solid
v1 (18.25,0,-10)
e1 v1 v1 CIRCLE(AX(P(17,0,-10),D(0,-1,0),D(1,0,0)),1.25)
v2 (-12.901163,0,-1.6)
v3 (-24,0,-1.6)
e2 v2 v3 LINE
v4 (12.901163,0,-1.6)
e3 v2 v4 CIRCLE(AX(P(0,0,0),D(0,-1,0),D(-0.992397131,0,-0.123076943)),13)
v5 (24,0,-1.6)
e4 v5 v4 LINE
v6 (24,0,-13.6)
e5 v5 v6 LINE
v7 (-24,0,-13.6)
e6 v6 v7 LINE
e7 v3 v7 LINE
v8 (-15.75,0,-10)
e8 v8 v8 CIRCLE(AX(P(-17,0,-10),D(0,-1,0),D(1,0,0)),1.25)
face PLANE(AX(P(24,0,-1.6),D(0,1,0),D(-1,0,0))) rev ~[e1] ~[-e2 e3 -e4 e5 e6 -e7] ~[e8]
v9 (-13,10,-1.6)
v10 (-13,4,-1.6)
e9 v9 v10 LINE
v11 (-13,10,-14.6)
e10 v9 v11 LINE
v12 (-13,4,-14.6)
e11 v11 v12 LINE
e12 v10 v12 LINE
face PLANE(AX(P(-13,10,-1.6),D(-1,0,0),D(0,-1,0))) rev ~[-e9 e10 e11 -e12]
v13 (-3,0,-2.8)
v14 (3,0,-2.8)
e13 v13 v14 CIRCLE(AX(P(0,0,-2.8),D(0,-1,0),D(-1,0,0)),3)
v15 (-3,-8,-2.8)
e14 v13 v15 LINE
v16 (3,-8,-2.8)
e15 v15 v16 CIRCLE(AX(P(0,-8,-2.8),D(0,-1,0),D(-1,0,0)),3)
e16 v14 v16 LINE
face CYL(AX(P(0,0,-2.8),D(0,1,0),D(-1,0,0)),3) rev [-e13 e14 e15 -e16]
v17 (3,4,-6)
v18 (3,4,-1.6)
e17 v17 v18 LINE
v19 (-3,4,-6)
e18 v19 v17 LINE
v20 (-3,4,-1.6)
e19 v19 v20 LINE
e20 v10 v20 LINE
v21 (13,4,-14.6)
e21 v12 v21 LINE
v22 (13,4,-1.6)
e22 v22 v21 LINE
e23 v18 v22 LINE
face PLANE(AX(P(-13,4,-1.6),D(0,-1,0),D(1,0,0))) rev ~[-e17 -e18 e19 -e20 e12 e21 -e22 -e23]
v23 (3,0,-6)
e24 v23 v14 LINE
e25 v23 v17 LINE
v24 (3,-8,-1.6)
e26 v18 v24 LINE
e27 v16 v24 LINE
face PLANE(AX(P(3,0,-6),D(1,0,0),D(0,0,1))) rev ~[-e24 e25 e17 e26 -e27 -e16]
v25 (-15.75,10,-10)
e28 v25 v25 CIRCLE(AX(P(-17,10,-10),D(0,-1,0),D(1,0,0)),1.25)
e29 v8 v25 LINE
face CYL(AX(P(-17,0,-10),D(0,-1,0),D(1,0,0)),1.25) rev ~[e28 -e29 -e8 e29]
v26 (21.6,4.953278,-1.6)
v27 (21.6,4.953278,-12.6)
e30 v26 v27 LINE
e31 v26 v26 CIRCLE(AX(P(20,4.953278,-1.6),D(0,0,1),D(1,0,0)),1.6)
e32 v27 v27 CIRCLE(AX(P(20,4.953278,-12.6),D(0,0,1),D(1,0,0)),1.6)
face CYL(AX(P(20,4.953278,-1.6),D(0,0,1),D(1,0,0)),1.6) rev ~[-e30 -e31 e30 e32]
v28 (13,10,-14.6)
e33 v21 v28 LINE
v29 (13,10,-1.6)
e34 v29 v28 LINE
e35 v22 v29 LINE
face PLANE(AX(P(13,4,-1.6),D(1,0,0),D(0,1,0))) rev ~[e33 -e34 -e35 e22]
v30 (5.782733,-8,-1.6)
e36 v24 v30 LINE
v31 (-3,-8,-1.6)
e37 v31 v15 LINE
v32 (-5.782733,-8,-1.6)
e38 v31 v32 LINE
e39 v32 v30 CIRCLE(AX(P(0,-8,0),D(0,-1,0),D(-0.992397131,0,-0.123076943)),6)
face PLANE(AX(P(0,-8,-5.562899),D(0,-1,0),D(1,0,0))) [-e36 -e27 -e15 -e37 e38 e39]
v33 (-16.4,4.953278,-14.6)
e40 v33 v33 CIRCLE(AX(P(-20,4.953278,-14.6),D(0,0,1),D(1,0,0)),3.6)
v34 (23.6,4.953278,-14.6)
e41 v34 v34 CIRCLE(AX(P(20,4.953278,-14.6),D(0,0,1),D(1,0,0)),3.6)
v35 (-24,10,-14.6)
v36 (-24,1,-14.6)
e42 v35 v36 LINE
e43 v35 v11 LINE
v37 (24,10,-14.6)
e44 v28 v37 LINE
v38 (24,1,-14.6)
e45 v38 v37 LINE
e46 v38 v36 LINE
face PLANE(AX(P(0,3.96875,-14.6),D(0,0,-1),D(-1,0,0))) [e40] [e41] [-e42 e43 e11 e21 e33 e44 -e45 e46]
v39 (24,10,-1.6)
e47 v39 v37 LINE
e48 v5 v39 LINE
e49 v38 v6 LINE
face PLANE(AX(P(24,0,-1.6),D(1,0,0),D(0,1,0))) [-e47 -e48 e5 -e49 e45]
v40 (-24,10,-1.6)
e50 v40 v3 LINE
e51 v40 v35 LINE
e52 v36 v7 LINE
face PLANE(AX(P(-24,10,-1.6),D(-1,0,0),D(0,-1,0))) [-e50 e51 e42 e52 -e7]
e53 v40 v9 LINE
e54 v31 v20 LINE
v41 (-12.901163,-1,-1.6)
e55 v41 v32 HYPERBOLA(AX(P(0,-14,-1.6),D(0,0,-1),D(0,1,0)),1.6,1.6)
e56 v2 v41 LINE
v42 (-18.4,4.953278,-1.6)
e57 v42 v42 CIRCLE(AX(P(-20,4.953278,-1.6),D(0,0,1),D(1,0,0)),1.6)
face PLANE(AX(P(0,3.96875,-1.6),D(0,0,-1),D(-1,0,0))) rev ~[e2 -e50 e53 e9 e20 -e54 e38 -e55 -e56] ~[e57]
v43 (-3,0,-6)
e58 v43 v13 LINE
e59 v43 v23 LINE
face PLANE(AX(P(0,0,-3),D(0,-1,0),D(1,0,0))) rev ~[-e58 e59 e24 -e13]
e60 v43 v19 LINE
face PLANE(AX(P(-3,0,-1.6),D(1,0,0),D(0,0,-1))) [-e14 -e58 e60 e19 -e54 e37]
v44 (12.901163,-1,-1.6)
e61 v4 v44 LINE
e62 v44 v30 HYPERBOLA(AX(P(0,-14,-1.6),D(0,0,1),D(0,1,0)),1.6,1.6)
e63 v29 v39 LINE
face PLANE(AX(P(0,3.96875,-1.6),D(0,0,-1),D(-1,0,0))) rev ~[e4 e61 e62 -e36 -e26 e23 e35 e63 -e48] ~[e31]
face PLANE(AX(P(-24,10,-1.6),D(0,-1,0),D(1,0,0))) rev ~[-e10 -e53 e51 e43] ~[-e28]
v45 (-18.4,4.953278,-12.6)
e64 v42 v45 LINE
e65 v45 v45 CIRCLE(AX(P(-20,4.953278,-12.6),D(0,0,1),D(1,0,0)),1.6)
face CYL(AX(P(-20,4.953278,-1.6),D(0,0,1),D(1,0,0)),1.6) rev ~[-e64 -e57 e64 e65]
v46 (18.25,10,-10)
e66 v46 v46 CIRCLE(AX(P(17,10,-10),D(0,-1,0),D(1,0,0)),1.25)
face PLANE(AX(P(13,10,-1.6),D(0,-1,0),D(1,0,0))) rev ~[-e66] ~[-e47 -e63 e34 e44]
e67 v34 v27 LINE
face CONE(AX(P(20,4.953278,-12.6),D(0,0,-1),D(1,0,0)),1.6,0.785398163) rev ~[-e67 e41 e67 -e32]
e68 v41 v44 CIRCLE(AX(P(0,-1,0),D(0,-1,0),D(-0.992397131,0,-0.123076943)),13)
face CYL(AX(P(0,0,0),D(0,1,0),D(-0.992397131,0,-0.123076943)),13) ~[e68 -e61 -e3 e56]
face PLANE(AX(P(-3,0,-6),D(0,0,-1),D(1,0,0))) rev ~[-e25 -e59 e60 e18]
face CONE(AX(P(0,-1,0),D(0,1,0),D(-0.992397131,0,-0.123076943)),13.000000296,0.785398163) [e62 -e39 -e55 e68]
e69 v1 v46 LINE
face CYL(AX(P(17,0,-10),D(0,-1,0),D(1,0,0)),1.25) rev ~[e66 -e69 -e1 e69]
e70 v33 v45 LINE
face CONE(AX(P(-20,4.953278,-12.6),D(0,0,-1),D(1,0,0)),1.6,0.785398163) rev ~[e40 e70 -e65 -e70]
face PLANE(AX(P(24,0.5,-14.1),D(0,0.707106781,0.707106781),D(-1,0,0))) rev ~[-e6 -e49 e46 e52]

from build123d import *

# Parameters (mm, degrees)
PAD008_DEPTH    = 8
CHAMFER001_SIZE = 7
SKETCH026_R     = 1.6
PAD009_DEPTH    = 13
SKETCH030_W     = 6
SKETCH030_H     = 6
POCKET014_DEPTH = 10
SKETCH031_R     = 1.25
POCKET015_DEPTH = 10.001
CHAMFER003_SIZE = 2
CHAMFER004_SIZE = 1


with BuildPart() as part:
    # Sketch025 → Pad008 (new body)
    with BuildSketch(Plane.XZ):
        with BuildLine():
            ThreePointArc((-12.901163, -1.6), (0, -13), (12.901163, -1.6))
            Line((3, -1.6), (12.901163, -1.6))
            Line((3, -2.8), (3, -1.6))
            ThreePointArc((-3, -2.8), (0, -5.8), (3, -2.8))
            Line((-3, -1.6), (-3, -2.8))
            Line((-3, -1.6), (-12.901163, -1.6))
        make_face()
    extrude(amount=PAD008_DEPTH)

    # Chamfer001
    chamfer001_edges = [part.edges().sort_by_distance(p)[0] for p in [
        (0, -8, -13),
    ]]
    chamfer(chamfer001_edges, length=CHAMFER001_SIZE)

    # Sketch026 → Pad009 (join)
    with BuildSketch(Plane.XY.offset(-1.6)):
        Polygon((24, 0), (-24, 0), (-24, 8.5), (-24, 10), (-13, 10), (-13, 4), (13, 4), (13, 10), (24, 10), (24, 8.5), align=None)
        with Locations((-20, 4.953278)):
            Circle(SKETCH026_R, mode=Mode.SUBTRACT)
        with Locations((20, 4.953278)):
            Circle(SKETCH026_R, mode=Mode.SUBTRACT)
    extrude(amount=-PAD009_DEPTH)

    # Sketch030 → Pocket014 (cut)
    with BuildSketch(Plane.XZ):
        with Locations((0, -3)):
            Rectangle(SKETCH030_W, SKETCH030_H)
    extrude(amount=-POCKET014_DEPTH, mode=Mode.SUBTRACT)

    # Sketch031 → Pocket015 (cut, through all)
    with BuildSketch(Plane.XZ):
        with Locations((-17, -10)):
            Circle(SKETCH031_R)
        with Locations((17, -10)):
            Circle(SKETCH031_R)
    extrude(amount=-POCKET015_DEPTH, mode=Mode.SUBTRACT)

    # Chamfer003
    chamfer003_edges = [part.edges().sort_by_distance(p)[0] for p in [
        (18.4, 4.953278, -14.6),
        (-21.6, 4.953278, -14.6),
    ]]
    chamfer(chamfer003_edges, length=CHAMFER003_SIZE)

    # Chamfer004
    chamfer004_edges = [part.edges().sort_by_distance(p)[0] for p in [
        (0, 0, -14.6),
    ]]
    chamfer(chamfer004_edges, length=CHAMFER004_SIZE)


solid = part.part
